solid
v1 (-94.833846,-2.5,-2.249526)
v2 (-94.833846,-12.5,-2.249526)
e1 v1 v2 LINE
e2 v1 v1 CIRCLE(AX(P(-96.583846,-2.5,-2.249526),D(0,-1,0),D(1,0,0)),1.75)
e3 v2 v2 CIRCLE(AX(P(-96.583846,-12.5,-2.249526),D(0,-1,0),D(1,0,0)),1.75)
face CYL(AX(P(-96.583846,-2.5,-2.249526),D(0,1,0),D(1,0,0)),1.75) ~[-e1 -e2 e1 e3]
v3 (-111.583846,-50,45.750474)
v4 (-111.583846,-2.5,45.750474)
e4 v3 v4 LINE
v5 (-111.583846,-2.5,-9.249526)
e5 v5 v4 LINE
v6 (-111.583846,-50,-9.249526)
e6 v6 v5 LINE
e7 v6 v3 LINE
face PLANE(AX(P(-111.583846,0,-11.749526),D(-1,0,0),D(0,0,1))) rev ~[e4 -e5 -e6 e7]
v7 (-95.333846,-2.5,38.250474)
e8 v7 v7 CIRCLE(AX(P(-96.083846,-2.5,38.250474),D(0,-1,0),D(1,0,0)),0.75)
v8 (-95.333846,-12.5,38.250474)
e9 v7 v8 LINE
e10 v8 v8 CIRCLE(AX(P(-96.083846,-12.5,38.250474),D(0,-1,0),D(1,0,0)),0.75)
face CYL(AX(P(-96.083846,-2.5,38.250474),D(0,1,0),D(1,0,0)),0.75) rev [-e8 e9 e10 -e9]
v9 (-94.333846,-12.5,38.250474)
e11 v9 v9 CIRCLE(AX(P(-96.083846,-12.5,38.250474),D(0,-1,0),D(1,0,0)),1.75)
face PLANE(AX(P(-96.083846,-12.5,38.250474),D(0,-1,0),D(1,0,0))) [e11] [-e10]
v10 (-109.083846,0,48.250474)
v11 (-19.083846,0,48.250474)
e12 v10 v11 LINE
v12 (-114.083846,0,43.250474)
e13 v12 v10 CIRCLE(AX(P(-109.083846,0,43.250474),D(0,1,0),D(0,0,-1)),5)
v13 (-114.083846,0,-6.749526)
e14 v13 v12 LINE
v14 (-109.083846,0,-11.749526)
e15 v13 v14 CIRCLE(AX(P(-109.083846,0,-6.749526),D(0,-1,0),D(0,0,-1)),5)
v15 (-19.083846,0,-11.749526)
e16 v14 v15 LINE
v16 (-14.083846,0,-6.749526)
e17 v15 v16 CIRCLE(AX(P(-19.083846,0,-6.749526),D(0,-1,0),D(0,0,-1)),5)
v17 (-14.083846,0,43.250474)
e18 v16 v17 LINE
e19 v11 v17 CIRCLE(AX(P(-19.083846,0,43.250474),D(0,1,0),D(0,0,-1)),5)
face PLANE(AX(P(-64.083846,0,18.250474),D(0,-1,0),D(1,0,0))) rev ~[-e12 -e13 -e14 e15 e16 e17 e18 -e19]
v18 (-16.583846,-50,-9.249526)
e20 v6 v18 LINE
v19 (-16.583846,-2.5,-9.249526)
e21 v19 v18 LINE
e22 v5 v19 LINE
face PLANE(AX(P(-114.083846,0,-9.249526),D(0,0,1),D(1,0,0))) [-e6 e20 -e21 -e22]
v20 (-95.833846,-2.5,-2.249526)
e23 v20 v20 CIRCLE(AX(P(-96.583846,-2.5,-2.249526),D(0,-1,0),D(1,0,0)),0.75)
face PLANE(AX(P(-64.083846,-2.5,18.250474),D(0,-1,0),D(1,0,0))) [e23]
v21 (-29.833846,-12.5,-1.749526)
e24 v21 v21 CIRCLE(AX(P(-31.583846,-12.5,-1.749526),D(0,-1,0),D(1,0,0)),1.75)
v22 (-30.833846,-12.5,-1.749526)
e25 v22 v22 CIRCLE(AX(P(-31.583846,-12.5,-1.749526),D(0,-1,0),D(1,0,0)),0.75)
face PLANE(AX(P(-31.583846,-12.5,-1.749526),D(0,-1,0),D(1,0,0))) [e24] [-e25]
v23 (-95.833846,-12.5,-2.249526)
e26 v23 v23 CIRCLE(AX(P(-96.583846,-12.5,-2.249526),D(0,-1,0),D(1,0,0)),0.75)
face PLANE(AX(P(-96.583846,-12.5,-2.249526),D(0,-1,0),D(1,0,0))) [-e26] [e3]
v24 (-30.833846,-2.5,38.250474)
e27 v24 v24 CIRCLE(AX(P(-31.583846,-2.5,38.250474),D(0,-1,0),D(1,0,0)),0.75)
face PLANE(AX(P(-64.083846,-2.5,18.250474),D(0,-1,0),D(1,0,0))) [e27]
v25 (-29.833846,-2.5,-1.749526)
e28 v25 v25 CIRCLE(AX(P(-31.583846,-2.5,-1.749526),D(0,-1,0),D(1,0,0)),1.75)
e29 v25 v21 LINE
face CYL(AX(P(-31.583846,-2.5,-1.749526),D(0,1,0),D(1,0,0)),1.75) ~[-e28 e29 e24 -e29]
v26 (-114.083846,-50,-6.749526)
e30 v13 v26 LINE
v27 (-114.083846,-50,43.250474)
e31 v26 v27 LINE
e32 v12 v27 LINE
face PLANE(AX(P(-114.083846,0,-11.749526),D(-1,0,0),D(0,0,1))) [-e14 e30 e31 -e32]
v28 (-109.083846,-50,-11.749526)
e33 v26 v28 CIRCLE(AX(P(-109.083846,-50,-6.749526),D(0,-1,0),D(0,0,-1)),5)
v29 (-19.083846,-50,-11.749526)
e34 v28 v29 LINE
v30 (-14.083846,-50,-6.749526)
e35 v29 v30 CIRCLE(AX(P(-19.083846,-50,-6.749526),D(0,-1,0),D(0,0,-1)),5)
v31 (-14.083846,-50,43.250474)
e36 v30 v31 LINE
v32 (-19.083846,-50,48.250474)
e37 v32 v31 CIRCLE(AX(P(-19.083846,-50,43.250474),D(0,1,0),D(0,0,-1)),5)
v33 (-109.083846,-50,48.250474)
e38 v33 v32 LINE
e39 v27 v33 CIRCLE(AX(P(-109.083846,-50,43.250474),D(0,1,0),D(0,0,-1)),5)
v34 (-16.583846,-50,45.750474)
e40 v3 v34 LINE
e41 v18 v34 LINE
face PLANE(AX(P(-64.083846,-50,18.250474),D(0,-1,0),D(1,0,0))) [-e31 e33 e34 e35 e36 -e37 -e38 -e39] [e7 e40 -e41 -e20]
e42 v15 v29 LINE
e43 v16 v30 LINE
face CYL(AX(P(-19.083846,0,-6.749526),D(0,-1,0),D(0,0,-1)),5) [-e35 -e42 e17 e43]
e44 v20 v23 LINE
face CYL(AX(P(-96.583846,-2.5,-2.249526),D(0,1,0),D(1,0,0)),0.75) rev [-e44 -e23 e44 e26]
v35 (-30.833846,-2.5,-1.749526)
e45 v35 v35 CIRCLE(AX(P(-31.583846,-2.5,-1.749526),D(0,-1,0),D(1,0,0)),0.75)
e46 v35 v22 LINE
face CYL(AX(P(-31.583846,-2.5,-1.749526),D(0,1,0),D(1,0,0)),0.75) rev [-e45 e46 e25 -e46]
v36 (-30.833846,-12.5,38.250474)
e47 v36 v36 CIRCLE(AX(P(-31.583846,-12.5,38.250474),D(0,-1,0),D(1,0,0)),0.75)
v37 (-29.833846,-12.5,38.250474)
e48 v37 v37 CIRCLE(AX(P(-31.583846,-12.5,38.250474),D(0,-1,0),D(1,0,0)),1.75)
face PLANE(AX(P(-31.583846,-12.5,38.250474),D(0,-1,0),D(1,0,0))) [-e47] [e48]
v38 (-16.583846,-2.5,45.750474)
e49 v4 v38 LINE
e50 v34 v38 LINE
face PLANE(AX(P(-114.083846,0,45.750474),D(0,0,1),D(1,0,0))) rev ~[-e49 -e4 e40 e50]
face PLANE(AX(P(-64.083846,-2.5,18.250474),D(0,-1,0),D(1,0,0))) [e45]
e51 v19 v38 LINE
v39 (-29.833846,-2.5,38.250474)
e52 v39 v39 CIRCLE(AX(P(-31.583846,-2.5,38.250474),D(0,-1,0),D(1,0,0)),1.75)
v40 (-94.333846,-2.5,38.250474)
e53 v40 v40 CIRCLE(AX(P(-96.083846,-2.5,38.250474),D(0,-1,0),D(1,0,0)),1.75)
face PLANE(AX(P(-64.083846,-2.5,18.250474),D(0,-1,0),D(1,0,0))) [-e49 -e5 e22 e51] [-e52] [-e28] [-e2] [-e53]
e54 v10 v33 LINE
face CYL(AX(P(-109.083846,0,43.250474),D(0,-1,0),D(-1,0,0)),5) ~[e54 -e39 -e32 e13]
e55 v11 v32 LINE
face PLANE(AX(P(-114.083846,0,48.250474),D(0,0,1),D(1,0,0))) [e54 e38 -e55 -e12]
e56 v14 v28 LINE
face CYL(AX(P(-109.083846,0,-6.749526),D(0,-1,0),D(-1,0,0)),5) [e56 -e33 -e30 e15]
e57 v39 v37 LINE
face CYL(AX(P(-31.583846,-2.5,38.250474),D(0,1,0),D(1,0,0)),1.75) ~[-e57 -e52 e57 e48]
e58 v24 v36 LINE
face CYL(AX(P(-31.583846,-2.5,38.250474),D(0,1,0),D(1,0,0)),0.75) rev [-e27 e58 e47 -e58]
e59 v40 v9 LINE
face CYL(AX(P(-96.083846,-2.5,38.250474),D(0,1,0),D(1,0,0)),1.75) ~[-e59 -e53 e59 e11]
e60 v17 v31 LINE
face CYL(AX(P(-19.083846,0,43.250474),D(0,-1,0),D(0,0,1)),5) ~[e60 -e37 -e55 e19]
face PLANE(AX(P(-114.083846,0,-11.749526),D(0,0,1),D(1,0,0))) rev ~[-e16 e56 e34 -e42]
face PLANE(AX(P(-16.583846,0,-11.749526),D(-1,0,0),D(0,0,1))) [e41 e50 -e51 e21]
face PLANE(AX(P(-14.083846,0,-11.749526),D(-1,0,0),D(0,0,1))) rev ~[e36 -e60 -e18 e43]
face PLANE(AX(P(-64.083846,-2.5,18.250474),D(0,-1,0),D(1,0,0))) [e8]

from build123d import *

# Parameters (mm, degrees)
F0_W     = 100
F0_H     = 60
F1_DEPTH = 50
F2_T     = -2.5
F3_R     = 1.75
F3_R_2   = 0.75
F4_DEPTH = 10
F5_R     = 5


with BuildPart() as f1:
    # F0 (on Front) → F1 (new body)
    with BuildSketch(Plane.XZ):
        with Locations((-64.083846, 18.250474)):
            Rectangle(F0_W, F0_H)
    extrude(amount=F1_DEPTH)

    # F2
    f2_openings = [f1.faces().sort_by_distance(p)[0] for p in [
        (-64.083846, -50, 18.250474),
    ]]
    offset(amount=F2_T, openings=f2_openings)

    # F3 (on face) → F4 (join)
    with BuildSketch(Plane.XZ.offset(2.5)):
        with Locations((-96.083846, 38.250474)):
            Circle(F3_R)
        with Locations((-96.083846, 38.250474)):
            Circle(F3_R_2, mode=Mode.SUBTRACT)
        with Locations((-31.583846, 38.250474)):
            Circle(F3_R)
        with Locations((-31.583846, 38.250474)):
            Circle(F3_R_2, mode=Mode.SUBTRACT)
        with Locations((-96.583846, -2.249526)):
            Circle(F3_R)
        with Locations((-96.583846, -2.249526)):
            Circle(F3_R_2, mode=Mode.SUBTRACT)
        with Locations((-31.583846, -1.749526)):
            Circle(F3_R)
        with Locations((-31.583846, -1.749526)):
            Circle(F3_R_2, mode=Mode.SUBTRACT)
    extrude(amount=F4_DEPTH)

    # F5
    f5_edges = [f1.edges().sort_by_distance(p)[0] for p in [
        (-114.083846, -25, 48.250474),
        (-114.083846, -25, -11.749526),
        (-14.083846, -25, -11.749526),
        (-14.083846, -25, 48.250474),
    ]]
    fillet(f5_edges, radius=F5_R)


solid = f1.part
